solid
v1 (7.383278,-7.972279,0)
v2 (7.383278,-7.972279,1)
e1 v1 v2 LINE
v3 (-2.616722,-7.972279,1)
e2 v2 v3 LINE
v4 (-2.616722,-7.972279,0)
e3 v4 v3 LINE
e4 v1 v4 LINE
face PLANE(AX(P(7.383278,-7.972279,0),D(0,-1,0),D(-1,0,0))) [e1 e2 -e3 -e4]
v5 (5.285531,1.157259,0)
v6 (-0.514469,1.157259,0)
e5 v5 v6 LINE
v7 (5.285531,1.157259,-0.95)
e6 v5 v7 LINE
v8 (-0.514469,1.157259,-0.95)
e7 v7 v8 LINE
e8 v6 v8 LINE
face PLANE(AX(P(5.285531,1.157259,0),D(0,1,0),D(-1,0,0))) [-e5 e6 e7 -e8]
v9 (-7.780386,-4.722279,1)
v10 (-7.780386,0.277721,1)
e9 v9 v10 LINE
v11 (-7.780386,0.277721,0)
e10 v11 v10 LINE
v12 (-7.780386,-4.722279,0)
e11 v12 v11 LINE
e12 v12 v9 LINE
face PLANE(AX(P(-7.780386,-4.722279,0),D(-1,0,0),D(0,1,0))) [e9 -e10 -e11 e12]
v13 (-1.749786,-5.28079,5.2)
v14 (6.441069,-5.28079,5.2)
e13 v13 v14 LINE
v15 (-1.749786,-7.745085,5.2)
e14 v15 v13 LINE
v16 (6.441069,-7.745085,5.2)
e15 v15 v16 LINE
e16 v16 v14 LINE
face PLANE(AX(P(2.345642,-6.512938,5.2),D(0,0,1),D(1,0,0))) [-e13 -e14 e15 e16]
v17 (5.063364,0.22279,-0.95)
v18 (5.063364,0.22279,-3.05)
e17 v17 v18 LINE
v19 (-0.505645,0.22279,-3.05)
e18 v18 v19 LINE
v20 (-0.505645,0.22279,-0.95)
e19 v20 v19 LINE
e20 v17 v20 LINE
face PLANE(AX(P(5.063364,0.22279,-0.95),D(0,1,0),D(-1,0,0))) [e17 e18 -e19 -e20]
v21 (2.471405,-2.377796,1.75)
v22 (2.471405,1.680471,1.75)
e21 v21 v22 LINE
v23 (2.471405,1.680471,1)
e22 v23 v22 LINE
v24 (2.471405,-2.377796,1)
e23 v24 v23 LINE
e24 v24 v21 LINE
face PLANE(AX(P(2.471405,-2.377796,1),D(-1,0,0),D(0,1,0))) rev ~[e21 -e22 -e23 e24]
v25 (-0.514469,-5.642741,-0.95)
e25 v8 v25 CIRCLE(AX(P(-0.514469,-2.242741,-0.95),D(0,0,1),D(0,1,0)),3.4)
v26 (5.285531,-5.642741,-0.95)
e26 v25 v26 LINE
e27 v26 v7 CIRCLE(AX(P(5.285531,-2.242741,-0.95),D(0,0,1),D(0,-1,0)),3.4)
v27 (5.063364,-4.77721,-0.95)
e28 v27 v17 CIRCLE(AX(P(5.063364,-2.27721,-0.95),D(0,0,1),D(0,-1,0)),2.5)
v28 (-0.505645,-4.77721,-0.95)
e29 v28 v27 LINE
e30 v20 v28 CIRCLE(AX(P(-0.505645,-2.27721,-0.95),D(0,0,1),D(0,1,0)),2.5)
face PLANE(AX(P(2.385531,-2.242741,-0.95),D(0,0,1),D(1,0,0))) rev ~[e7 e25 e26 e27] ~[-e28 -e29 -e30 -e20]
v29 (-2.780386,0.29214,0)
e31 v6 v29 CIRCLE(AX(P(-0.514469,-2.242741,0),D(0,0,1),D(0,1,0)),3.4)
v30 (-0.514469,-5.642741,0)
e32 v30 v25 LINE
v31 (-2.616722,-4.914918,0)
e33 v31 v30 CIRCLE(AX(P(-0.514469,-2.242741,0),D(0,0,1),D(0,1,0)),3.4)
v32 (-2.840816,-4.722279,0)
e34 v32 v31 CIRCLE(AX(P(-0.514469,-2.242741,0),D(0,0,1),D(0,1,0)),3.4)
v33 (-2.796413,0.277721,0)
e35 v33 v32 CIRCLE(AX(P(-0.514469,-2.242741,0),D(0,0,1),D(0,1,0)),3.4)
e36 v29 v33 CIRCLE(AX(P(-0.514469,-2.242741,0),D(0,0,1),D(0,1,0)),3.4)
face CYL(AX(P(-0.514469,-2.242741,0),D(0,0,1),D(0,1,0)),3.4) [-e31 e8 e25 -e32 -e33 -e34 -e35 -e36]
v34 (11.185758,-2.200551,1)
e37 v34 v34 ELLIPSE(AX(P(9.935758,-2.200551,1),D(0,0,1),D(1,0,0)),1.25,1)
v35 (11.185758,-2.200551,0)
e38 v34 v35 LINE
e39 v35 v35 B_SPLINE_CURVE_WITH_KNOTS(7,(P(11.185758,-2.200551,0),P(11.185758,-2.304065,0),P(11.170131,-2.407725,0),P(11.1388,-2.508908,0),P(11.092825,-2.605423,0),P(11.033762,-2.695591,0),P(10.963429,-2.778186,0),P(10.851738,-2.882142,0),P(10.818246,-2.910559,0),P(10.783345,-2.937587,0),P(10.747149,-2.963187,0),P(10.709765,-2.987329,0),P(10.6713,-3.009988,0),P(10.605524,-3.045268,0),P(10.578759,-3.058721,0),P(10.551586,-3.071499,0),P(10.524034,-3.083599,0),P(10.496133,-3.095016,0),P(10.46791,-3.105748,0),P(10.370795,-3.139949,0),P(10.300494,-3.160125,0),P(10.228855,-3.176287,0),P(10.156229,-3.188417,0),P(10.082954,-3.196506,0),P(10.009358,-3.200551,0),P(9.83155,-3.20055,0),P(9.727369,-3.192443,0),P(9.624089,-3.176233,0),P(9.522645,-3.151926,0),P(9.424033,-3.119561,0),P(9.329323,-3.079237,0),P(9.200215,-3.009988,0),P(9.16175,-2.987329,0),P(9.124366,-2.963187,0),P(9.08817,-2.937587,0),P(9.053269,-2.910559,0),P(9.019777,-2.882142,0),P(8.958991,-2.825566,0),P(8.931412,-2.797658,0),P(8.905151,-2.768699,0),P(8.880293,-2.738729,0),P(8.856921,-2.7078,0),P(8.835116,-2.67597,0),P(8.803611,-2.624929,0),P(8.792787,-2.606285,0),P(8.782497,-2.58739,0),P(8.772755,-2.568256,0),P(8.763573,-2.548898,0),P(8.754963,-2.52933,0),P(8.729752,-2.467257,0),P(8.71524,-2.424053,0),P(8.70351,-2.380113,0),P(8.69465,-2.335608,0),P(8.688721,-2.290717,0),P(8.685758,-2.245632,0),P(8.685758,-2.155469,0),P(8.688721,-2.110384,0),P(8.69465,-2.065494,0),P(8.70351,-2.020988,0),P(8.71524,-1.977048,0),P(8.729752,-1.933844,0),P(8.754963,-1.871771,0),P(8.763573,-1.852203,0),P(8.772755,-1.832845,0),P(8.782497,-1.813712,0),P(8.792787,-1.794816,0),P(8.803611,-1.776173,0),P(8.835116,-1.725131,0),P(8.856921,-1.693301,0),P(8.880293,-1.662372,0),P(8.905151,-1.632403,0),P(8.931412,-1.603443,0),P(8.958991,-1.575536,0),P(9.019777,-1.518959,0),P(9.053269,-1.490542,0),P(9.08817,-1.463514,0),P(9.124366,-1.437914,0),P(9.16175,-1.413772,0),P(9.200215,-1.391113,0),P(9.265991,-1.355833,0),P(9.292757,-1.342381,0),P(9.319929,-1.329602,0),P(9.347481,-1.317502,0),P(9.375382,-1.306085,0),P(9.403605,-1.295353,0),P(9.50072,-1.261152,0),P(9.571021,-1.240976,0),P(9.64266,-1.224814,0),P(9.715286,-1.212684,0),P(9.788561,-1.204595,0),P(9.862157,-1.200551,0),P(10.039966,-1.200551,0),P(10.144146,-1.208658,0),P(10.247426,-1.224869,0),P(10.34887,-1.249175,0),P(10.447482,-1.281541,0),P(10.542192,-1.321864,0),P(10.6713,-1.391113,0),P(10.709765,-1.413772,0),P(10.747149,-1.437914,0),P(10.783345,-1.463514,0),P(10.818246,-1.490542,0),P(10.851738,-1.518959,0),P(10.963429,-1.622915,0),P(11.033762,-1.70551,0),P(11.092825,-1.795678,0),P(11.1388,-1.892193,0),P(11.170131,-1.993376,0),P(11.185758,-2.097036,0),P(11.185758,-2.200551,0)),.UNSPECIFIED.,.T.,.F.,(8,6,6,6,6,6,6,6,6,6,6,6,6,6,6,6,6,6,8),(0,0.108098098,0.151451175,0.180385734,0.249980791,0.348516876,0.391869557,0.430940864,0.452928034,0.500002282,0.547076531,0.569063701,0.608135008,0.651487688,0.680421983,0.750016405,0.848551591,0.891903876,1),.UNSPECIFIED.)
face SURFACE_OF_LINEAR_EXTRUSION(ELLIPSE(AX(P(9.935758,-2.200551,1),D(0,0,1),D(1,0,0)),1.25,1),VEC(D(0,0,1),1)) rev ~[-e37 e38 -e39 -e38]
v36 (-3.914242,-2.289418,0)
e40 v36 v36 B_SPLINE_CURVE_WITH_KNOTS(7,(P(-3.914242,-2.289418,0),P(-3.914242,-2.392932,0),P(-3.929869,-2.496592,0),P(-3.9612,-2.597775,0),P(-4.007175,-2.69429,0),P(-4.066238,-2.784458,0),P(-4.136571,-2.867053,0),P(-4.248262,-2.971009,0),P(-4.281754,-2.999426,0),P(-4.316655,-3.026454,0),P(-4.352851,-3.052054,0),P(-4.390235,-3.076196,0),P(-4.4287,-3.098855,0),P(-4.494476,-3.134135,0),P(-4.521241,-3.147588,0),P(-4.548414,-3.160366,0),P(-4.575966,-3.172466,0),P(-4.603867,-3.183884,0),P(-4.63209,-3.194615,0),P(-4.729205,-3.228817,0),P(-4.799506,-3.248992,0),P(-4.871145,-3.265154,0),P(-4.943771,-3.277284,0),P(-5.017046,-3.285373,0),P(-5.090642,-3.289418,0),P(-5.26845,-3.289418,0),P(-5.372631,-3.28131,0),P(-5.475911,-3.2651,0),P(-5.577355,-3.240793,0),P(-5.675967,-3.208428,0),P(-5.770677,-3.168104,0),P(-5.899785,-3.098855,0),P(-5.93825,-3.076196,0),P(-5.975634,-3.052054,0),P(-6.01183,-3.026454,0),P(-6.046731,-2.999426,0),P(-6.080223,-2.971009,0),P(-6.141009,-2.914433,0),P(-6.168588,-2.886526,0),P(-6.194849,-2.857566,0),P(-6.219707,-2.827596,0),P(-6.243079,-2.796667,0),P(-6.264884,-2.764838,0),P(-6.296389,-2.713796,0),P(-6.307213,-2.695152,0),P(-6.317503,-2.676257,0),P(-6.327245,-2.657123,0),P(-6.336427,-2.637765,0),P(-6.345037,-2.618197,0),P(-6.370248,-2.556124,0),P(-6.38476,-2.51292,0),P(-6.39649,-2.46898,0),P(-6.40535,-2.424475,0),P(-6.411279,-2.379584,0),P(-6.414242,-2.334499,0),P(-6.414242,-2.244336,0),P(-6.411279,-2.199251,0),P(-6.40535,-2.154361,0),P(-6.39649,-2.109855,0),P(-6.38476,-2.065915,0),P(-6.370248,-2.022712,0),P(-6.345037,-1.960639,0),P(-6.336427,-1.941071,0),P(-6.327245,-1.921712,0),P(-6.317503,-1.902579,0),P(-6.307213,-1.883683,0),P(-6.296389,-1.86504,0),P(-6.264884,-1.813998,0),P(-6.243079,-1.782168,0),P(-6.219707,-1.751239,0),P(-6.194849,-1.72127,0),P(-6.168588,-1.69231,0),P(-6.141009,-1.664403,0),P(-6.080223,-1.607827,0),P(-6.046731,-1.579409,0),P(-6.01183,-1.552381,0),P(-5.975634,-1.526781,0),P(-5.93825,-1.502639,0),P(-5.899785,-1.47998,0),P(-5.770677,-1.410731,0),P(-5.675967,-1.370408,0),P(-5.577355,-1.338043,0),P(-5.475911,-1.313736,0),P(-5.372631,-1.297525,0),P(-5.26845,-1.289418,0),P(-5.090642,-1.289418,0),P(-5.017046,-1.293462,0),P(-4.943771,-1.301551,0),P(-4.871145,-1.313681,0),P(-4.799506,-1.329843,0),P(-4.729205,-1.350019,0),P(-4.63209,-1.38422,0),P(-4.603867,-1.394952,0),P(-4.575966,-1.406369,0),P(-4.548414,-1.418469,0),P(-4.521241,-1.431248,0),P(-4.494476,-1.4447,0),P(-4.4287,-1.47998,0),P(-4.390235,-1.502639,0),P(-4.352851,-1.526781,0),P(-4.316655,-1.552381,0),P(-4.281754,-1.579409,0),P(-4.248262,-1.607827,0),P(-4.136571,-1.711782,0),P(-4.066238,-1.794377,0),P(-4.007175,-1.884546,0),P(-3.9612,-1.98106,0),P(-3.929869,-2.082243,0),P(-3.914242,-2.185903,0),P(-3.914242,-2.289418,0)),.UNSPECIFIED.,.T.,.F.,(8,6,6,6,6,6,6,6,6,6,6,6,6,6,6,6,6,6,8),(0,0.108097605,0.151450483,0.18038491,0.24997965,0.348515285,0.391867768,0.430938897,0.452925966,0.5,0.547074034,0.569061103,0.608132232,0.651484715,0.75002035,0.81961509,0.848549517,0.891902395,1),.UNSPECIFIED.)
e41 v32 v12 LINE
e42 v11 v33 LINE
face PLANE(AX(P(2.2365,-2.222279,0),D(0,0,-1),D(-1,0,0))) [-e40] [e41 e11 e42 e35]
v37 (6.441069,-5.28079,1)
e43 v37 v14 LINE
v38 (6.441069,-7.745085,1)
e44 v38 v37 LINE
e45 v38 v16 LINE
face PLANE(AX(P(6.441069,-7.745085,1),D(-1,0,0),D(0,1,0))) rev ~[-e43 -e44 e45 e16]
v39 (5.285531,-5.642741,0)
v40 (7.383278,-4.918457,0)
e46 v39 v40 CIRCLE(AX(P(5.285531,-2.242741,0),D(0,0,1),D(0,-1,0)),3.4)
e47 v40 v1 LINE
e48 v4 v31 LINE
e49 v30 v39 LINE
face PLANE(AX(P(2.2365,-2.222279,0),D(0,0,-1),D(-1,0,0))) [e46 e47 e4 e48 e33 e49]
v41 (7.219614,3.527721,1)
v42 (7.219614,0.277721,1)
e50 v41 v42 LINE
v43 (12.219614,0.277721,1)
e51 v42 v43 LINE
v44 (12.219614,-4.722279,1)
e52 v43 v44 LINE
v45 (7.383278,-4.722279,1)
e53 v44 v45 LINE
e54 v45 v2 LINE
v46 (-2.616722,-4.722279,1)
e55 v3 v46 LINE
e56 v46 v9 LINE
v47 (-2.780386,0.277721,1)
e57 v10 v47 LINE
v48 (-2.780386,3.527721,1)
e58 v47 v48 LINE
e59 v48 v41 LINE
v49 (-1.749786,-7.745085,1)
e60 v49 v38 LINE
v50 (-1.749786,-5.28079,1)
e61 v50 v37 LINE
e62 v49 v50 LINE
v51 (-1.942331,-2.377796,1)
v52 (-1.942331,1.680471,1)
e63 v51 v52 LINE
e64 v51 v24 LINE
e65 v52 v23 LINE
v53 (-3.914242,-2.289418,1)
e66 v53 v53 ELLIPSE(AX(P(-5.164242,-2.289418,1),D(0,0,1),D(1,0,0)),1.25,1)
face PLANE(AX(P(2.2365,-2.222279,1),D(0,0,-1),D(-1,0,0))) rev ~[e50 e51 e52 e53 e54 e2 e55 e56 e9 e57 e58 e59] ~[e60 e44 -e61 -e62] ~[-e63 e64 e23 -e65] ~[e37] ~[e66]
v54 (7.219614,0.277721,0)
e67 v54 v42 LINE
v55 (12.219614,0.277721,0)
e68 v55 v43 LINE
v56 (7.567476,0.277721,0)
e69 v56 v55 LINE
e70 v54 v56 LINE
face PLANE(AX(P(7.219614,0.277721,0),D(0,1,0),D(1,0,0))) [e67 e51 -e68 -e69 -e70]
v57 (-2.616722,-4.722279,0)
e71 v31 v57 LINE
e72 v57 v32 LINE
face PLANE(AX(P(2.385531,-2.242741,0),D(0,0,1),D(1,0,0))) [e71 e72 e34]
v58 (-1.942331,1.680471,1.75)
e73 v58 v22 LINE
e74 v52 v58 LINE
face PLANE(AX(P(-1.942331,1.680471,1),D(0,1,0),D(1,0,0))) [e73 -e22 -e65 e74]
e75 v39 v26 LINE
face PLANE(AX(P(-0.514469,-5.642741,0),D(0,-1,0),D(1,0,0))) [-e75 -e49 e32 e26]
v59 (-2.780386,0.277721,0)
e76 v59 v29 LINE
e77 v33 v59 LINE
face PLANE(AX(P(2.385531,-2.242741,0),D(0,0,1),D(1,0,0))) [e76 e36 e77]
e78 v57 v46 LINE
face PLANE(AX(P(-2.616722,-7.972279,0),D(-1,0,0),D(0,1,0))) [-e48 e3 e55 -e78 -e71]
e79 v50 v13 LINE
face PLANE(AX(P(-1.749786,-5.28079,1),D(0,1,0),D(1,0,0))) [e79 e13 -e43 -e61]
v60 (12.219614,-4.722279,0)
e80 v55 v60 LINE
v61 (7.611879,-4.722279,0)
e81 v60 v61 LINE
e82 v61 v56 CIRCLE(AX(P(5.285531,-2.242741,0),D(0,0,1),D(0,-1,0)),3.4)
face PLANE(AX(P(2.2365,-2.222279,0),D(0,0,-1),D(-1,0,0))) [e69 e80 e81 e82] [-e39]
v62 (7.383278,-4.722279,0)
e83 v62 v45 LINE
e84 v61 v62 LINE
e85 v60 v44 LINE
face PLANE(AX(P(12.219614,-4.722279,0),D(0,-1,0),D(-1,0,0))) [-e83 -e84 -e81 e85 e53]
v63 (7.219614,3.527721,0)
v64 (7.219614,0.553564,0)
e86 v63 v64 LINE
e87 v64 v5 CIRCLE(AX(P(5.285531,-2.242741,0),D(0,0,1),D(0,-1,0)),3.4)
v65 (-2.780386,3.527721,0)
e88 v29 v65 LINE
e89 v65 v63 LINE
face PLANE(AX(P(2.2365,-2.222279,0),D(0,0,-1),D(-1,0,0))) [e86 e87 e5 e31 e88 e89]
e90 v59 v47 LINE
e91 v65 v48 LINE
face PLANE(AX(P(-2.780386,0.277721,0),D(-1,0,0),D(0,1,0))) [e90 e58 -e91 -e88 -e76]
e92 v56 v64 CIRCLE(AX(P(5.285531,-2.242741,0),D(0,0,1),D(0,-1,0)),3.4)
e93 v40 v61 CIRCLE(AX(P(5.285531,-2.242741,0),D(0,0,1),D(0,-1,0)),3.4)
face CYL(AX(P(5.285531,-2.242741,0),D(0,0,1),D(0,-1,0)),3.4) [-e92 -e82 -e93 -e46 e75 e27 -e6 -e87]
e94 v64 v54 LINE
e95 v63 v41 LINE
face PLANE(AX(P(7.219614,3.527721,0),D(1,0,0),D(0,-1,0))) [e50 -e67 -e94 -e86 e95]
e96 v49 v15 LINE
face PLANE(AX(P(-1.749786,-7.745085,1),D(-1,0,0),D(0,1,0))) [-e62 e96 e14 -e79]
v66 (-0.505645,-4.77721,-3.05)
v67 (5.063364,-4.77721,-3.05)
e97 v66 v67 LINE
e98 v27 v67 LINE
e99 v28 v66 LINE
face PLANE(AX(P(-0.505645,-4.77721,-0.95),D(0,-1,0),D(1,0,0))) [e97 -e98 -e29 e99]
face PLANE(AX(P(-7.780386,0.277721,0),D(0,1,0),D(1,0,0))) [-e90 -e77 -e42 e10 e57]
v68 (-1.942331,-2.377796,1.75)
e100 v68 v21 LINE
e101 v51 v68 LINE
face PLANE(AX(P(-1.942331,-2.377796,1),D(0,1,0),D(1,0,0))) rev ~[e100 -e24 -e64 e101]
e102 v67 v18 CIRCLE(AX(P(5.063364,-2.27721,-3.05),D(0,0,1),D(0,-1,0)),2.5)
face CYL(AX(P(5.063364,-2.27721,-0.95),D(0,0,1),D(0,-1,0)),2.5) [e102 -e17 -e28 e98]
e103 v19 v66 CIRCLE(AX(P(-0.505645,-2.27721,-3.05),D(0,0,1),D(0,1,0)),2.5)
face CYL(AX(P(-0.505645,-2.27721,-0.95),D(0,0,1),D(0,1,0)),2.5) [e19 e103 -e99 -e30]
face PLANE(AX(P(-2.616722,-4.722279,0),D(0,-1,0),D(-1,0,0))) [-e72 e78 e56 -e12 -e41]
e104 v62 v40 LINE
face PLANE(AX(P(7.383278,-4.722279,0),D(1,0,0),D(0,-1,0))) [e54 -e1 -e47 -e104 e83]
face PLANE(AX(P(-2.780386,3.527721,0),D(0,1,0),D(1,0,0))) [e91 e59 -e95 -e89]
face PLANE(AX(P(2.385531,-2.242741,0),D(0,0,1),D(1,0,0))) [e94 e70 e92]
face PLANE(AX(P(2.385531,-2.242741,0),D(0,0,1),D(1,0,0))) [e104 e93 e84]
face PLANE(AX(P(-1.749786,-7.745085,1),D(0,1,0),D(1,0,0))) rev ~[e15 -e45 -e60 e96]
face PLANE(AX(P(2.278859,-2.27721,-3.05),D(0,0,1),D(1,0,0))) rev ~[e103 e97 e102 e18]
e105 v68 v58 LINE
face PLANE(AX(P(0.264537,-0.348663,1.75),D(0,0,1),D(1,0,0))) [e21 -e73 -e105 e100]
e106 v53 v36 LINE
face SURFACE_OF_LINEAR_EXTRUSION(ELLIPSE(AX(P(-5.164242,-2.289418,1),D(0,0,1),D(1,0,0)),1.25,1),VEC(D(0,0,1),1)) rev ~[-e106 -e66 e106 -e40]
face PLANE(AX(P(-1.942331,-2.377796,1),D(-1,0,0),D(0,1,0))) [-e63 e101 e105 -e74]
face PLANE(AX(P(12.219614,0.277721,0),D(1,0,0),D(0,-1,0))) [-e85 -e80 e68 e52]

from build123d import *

# Parameters (mm, degrees)
BOSS_EXTRUDE1_DEPTH = 1
SKETCH2_RX          = 1.25
SKETCH2_RY          = 1
CUT_EXTRUDE1_DEPTH  = 15.62450684
BOSS_EXTRUDE2_DEPTH = 0.95
BOSS_EXTRUDE3_DEPTH = 2.1
SKETCH7_W           = 8.190854722
SKETCH7_H           = 2.464294839
BOSS_EXTRUDE4_DEPTH = 4.2
SKETCH8_W           = 4.413735787
SKETCH8_H           = 4.058267134
BOSS_EXTRUDE5_DEPTH = 0.75


with BuildPart() as part:
    # Sketch1 → Boss-Extrude1 (new body)
    with BuildSketch(Plane.XY):
        Polygon((-2.780385667, 3.527721413), (7.219614333, 3.527721413), (7.219614333, 0.277721413), (12.219614333, 0.277721413), (12.219614333, -4.722278587), (7.383278363, -4.722278587), (7.383278363, -7.972278587), (-2.616721637, -7.972278587), (-2.616721637, -4.722278587), (-7.780385667, -4.722278587), (-7.780385667, 0.277721413), (-2.780385667, 0.277721413), align=None)
    extrude(amount=BOSS_EXTRUDE1_DEPTH)

    # Sketch2 → Cut-Extrude1 (cut, through all)
    with BuildSketch(Plane.XY.offset(1)):
        with Locations((9.935757543, -2.200550618)):
            Ellipse(SKETCH2_RX, SKETCH2_RY)
        with Locations(Location((-5.164242457, -2.289417781), (0, 0, 0))):
            Ellipse(SKETCH2_RX, SKETCH2_RY)
    extrude(amount=-CUT_EXTRUDE1_DEPTH, mode=Mode.SUBTRACT)

    # Sketch5 → Boss-Extrude2 (add)
    with BuildSketch(Plane(origin=(0, 0, 0), x_dir=(-1, 0, 0), z_dir=(0, 0, -1))):
        with BuildLine():
            Line((-5.285531474, 1.157258951), (0.514468526, 1.157258951))
            ThreePointArc((0.514468526, 1.157258951), (3.914468526, -2.242741049), (0.514468526, -5.642741049))
            Line((0.514468526, -5.642741049), (-5.285531474, -5.642741049))
            ThreePointArc((-5.285531474, -5.642741049), (-8.685531474, -2.242741049), (-5.285531474, 1.157258951))
        make_face()
    extrude(amount=BOSS_EXTRUDE2_DEPTH)

    # Sketch6 → Boss-Extrude3 (add)
    with BuildSketch(Plane(origin=(0, 0, -0.95), x_dir=(-1, 0, 0), z_dir=(0, 0, -1))):
        with BuildLine():
            Line((-5.063363565, 0.222790462), (0.505645348, 0.222790462))
            ThreePointArc((0.505645348, 0.222790462), (3.005645348, -2.277209538), (0.505645348, -4.777209538))
            Line((0.505645348, -4.777209538), (-5.063363565, -4.777209538))
            ThreePointArc((-5.063363565, -4.777209538), (-7.563363565, -2.277209538), (-5.063363565, 0.222790462))
        make_face()
    extrude(amount=BOSS_EXTRUDE3_DEPTH)

    # Sketch7 → Boss-Extrude4 (add)
    with BuildSketch(Plane.XY.offset(1)):
        with Locations((2.345641724, -6.512937551)):
            Rectangle(SKETCH7_W, SKETCH7_H)
    extrude(amount=BOSS_EXTRUDE4_DEPTH)

    # Sketch8 → Boss-Extrude5 (add)
    with BuildSketch(Plane.XY.offset(1)):
        with Locations((0.264536736, -0.348662557)):
            Rectangle(SKETCH8_W, SKETCH8_H)
    extrude(amount=BOSS_EXTRUDE5_DEPTH)


solid = part.part
